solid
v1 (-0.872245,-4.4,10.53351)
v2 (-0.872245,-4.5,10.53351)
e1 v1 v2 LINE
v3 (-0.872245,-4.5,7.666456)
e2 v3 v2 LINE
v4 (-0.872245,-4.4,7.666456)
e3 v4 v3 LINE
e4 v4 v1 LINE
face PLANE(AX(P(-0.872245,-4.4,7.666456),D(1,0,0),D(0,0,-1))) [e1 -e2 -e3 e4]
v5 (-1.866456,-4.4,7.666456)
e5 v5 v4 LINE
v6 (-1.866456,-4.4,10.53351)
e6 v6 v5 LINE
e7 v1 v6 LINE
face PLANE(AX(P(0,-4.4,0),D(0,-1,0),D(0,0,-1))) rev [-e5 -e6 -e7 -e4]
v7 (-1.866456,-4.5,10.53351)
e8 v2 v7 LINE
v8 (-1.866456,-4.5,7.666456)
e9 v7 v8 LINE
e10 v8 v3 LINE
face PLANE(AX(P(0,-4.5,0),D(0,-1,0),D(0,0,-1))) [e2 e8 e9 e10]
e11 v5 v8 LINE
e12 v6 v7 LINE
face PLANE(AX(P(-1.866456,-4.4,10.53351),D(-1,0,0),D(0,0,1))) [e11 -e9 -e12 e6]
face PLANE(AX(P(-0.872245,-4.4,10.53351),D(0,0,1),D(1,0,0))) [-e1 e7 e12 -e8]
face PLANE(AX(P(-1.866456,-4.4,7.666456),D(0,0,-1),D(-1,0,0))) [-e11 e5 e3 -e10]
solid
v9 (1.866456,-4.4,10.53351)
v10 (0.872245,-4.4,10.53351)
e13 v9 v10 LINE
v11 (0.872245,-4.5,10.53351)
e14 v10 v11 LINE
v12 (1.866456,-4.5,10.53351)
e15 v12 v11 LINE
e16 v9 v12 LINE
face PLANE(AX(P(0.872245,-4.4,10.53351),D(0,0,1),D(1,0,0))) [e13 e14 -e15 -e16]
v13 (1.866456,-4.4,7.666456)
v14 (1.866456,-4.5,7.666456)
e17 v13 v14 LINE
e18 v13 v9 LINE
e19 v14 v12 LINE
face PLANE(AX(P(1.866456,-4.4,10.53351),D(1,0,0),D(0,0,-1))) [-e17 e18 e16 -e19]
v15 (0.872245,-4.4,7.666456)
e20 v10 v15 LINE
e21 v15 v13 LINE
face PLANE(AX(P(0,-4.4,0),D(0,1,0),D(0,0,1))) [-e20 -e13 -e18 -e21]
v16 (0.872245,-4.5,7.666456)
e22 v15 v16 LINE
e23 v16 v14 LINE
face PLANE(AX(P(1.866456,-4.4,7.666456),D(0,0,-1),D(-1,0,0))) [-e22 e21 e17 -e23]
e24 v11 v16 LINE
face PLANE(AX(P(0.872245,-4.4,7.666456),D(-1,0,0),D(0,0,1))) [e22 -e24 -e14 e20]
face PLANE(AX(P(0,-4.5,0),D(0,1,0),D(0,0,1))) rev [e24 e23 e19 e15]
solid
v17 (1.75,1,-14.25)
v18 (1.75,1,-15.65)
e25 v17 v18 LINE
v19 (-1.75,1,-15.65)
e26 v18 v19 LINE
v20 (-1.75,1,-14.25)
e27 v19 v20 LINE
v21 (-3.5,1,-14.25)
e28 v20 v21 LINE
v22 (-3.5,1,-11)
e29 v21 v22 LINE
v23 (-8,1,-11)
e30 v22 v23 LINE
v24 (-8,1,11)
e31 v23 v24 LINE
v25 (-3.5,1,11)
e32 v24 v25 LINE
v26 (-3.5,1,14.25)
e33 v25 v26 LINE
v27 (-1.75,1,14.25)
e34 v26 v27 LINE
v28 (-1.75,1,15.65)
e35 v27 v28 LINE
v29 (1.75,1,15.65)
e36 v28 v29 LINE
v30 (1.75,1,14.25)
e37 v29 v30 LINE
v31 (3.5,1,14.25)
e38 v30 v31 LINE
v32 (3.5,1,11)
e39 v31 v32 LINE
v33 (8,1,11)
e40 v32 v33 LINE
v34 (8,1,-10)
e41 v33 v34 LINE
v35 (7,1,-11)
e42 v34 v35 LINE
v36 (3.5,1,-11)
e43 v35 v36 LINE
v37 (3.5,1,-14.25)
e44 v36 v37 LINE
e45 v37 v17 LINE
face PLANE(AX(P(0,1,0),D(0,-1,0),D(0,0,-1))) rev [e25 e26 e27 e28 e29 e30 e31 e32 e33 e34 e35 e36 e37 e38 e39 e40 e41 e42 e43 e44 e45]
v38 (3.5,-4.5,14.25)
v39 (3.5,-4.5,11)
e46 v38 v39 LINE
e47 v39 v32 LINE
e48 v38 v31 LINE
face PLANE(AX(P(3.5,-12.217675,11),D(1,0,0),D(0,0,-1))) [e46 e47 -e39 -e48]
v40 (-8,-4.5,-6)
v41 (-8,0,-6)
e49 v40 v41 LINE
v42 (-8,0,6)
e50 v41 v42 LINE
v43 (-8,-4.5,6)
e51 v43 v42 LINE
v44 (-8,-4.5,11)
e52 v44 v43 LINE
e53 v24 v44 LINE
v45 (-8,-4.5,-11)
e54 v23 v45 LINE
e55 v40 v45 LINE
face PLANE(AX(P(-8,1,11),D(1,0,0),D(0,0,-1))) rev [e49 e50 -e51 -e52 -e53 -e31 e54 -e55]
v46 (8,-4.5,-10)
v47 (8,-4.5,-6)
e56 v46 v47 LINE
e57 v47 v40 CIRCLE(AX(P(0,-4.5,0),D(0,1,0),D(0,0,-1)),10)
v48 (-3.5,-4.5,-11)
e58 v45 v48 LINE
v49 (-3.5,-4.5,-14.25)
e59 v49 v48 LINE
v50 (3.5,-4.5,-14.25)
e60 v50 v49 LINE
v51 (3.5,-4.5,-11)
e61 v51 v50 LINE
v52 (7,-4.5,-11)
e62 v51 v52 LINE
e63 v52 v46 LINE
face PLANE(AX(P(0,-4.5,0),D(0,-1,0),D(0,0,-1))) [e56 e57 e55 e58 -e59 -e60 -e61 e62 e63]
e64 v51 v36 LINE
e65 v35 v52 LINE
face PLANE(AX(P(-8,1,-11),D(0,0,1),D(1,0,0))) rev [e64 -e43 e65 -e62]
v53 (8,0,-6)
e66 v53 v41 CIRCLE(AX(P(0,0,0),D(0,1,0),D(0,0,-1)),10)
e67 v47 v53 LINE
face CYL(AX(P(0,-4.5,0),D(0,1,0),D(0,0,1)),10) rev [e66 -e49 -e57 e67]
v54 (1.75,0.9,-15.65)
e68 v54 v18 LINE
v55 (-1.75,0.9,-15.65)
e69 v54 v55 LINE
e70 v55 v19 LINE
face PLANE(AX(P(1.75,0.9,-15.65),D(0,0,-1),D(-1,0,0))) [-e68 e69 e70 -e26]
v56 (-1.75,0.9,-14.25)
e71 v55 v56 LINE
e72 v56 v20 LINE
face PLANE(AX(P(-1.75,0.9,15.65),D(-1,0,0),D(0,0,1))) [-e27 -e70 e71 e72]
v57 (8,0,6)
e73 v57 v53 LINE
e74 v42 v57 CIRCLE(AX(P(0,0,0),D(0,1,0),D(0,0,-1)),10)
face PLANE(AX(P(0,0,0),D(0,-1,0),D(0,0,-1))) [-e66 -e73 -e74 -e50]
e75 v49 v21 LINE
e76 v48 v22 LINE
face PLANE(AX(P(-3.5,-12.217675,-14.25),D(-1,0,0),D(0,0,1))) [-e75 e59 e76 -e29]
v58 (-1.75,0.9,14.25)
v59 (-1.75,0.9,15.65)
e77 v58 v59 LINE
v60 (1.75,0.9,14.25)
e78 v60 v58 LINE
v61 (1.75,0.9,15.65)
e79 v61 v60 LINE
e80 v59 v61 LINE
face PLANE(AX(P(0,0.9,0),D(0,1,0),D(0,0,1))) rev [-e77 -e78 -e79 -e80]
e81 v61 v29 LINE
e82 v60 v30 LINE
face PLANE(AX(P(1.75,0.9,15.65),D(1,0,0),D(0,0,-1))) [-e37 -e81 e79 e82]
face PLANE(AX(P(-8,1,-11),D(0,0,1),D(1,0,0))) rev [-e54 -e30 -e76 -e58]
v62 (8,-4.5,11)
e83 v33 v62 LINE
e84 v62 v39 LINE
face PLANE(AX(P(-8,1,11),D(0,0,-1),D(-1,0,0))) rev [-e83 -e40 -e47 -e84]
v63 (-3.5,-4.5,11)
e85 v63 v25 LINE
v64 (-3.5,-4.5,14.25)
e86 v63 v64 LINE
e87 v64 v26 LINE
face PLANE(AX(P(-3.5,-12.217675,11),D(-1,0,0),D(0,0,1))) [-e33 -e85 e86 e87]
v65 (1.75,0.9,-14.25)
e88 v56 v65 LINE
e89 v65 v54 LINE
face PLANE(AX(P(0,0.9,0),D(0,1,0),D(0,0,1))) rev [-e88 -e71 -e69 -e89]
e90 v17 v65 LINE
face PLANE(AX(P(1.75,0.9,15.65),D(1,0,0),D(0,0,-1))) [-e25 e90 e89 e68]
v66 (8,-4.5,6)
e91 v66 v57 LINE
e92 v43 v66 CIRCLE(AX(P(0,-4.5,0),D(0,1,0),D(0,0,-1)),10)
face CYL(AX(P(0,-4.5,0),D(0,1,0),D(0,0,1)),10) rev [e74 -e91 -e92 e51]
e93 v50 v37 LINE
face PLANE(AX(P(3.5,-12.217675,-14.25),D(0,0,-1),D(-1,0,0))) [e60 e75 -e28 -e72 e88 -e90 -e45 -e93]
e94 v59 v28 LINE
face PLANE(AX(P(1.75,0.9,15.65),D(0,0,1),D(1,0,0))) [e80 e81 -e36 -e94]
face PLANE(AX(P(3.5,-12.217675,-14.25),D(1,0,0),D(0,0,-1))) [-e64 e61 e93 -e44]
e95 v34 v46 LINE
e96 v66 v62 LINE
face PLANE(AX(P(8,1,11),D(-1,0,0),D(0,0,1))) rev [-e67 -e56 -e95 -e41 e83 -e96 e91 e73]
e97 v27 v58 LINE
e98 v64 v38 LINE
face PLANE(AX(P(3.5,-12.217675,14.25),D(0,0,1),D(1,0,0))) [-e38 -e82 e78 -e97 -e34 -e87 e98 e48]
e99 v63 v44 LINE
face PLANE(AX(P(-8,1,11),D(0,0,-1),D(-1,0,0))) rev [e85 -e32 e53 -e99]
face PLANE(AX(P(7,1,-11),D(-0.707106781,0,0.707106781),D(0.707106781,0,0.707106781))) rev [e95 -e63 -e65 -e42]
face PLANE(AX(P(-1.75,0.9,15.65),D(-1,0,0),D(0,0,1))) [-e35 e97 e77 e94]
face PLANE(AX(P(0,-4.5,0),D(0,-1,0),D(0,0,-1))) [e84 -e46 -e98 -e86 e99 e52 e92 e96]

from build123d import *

# Parameters (mm, degrees)
BOSS_EXTRUDE1_DEPTH   = 1
BOSS_EXTRUDE2_DEPTH   = 4.5
SKETCH3_W             = 7
SKETCH3_H             = 3.25
BOSS_EXTRUDE3_DEPTH   = 5.5
SKETCH4_W             = 3.5
SKETCH4_H             = 31.3
BOSS_EXTRUDE4_DEPTH   = 0.1
SKETCH5_W             = 0.994211342
SKETCH5_H             = 2.867053464
BOSS_EXTRUDE6_DEPTH   = 0.1
BOSS_EXTRUDE6_2_DEPTH = 0.1


with BuildPart() as part:
    # Sketch1 → Boss-Extrude1 (new body)
    with BuildSketch(Plane(origin=(0, 0, 0), x_dir=(1, 0, 0), z_dir=(0, 1, 0))):
        Polygon((7, 11), (8, 10), (8, -11), (-8, -11), (-8, 11), align=None)
    extrude(amount=BOSS_EXTRUDE1_DEPTH)

    # Sketch2 → Boss-Extrude2 (add)
    with BuildSketch(Plane.XZ):
        with BuildLine():
            Line((-8, -11), (-8, -6))
            ThreePointArc((-8, -6), (0, -10), (8, -6))
            Line((8, -6), (8, -10))
            Line((8, -10), (7, -11))
            Line((7, -11), (-8, -11))
        make_face()
        with BuildLine():
            Line((-8, 11), (8, 11))
            Line((8, 11), (8, 6))
            ThreePointArc((8, 6), (0, 10), (-8, 6))
            Line((-8, 6), (-8, 11))
        make_face()
    extrude(amount=BOSS_EXTRUDE2_DEPTH)

    # Sketch3 → Boss-Extrude3 (add)
    with BuildSketch(Plane(origin=(0, 1, 0), x_dir=(1, 0, 0), z_dir=(0, 1, 0))):
        with Locations((0, -12.625)):
            Rectangle(SKETCH3_W, SKETCH3_H)
        with Locations((0, 12.625)):
            Rectangle(SKETCH3_W, SKETCH3_H)
    extrude(amount=-BOSS_EXTRUDE3_DEPTH)

    # Sketch4 → Boss-Extrude4 (add)
    with BuildSketch(Plane(origin=(0, 1, 0), x_dir=(1, 0, 0), z_dir=(0, 1, 0))):
        Rectangle(SKETCH4_W, SKETCH4_H)
    extrude(amount=-BOSS_EXTRUDE4_DEPTH)


with BuildPart() as body_2:
    # Sketch5 → Boss-Extrude6 (new body)
    with BuildSketch(Plane.XZ.offset(4.5)):
        with Locations((1.369350497, 9.099983086)):
            Rectangle(SKETCH5_W, SKETCH5_H)
    extrude(amount=-BOSS_EXTRUDE6_DEPTH)


with BuildPart() as body_3:
    # Sketch5 → Boss-Extrude6 2 (new body)
    with BuildSketch(Plane.XZ.offset(4.5)):
        with Locations((-1.369350497, 9.099983086)):
            Rectangle(SKETCH5_W, SKETCH5_H)
    extrude(amount=-BOSS_EXTRUDE6_2_DEPTH)


solid = Compound([part.part, body_2.part, body_3.part])
